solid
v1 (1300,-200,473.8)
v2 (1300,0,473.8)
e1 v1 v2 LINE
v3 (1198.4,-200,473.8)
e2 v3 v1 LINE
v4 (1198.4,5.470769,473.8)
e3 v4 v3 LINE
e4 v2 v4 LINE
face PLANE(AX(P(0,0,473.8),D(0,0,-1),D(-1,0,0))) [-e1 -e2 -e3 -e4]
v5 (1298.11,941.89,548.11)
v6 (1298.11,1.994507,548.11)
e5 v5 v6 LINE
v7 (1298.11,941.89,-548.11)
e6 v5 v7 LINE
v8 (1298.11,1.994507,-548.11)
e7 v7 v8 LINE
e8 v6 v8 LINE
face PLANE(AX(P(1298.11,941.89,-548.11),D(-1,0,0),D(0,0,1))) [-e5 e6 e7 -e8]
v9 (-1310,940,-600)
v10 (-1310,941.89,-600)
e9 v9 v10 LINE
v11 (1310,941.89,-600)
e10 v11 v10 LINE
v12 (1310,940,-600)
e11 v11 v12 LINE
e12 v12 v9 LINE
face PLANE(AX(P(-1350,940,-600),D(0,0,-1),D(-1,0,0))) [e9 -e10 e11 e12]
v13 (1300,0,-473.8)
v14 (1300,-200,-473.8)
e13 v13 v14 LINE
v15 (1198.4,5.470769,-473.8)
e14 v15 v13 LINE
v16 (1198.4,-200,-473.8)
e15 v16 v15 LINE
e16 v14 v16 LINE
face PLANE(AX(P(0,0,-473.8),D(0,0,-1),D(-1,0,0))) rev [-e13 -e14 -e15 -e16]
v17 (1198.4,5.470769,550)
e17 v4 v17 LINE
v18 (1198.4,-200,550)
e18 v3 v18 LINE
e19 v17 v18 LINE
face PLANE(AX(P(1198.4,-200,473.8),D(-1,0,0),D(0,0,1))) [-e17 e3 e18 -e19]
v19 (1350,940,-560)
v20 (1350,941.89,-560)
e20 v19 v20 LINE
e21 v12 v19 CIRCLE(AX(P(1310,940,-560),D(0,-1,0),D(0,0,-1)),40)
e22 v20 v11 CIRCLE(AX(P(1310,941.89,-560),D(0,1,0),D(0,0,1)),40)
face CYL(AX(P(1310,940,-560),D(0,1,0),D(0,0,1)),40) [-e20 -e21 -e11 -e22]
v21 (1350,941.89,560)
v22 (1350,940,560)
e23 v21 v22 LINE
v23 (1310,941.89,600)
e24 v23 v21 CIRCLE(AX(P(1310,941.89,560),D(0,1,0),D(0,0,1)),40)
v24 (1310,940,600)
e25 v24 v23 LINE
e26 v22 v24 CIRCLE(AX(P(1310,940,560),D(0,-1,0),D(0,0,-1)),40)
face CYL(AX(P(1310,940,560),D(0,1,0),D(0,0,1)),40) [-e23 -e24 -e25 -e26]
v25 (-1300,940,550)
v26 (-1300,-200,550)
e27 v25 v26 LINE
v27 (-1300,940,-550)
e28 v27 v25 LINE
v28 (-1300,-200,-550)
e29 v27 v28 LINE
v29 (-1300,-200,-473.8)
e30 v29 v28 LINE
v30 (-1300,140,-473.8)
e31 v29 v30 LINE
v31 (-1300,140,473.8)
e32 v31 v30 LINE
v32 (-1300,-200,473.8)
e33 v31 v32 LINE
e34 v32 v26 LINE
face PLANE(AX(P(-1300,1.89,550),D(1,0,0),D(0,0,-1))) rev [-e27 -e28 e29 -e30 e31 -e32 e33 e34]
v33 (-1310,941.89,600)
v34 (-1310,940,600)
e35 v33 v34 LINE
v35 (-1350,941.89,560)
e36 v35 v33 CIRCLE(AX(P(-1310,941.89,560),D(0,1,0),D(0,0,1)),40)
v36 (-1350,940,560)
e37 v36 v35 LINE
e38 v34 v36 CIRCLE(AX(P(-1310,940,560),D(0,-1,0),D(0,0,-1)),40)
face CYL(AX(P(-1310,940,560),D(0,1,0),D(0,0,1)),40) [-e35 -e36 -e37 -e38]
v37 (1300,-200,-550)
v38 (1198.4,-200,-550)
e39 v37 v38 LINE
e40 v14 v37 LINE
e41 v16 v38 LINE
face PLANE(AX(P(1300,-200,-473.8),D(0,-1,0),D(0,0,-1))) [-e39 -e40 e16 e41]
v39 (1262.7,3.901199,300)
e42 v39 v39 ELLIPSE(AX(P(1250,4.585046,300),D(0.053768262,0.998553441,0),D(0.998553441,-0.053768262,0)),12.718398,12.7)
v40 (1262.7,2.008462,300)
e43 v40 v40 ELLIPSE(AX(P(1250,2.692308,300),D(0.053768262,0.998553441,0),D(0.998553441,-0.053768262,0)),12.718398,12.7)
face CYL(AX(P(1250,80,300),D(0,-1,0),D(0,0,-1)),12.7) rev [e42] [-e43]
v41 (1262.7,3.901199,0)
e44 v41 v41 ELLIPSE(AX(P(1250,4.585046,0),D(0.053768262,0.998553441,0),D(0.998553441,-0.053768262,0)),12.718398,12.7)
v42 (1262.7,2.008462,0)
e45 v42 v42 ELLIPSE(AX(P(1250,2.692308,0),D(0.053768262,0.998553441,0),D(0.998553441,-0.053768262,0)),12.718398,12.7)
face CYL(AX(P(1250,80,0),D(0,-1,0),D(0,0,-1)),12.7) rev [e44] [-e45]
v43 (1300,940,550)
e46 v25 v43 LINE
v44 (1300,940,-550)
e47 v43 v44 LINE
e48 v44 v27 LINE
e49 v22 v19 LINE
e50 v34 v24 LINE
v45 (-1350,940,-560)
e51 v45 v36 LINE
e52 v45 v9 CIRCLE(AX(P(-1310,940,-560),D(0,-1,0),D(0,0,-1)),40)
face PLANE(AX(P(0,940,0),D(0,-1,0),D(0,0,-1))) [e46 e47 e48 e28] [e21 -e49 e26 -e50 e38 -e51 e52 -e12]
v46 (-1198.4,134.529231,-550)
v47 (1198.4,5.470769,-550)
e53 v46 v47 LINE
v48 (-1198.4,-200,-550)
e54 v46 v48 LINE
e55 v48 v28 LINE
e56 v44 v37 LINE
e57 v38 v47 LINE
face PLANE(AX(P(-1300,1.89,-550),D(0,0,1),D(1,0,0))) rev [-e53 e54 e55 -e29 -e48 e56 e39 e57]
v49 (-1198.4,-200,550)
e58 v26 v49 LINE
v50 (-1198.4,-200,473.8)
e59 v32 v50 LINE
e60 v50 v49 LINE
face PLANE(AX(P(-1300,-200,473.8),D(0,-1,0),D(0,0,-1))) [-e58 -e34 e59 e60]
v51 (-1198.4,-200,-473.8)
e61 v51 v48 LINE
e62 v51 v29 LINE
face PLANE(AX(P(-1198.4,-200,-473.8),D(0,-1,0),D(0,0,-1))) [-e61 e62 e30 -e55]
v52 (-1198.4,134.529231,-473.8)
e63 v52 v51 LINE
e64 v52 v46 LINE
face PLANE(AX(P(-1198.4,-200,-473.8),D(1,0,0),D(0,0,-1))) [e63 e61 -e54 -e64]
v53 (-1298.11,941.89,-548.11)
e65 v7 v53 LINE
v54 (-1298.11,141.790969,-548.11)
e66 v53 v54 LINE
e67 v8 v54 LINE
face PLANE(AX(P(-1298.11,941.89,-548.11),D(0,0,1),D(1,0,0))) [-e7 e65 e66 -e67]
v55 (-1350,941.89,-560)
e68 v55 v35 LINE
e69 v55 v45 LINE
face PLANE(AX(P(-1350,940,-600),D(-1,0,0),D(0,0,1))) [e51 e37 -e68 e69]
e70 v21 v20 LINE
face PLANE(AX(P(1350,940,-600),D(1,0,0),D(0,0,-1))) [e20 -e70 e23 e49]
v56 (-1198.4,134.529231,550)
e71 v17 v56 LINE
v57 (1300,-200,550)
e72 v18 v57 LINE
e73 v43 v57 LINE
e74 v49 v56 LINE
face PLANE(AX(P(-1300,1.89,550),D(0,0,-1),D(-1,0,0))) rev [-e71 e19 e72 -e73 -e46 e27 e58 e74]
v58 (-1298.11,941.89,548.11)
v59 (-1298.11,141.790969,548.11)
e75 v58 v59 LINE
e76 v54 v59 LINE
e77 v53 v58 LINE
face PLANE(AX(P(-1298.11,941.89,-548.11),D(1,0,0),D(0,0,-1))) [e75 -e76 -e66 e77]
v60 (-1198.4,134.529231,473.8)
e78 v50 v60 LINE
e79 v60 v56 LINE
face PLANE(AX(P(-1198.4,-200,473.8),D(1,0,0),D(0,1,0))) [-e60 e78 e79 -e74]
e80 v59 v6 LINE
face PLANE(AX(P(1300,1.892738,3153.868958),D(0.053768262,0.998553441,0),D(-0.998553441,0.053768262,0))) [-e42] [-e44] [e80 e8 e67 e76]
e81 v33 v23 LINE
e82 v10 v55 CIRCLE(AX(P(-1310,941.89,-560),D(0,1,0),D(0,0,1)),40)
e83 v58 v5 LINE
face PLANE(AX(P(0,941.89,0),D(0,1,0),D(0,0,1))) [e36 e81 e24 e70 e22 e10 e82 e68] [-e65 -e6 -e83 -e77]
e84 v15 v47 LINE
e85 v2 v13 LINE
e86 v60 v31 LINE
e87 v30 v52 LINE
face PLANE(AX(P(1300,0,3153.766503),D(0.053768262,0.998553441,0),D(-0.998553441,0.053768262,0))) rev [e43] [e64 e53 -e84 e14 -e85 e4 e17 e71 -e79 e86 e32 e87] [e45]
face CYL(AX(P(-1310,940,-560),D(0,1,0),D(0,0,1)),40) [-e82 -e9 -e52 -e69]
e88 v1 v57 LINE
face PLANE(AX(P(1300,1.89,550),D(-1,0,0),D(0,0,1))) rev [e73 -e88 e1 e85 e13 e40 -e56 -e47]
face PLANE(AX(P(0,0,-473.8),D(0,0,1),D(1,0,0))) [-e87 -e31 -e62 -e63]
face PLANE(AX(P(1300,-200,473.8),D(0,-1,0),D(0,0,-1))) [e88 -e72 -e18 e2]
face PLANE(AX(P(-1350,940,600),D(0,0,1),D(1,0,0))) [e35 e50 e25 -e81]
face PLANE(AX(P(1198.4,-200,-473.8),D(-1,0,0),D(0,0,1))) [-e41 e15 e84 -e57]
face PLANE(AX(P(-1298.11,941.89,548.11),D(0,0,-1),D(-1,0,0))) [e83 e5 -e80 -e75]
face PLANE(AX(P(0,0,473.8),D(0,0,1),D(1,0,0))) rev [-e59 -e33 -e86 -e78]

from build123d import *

# Parameters (mm, degrees)
CROQUIS2_W              = 2600
CROQUIS2_H              = 1100
SALIENTE_EXTRUIR1_DEPTH = 1.89
CROQUIS3_W              = 2600
CROQUIS3_H              = 1100
CROQUIS3_W_2            = 2596.22
CROQUIS3_H_2            = 1096.22
SALIENTE_EXTRUIR2_DEPTH = 940
CROQUIS4_W              = 2700
CROQUIS4_H              = 1200
CROQUIS4_W_2            = 2600
CROQUIS4_H_2            = 1100
SALIENTE_EXTRUIR3_DEPTH = 1.89
REDONDEO1_R             = 40
CORTAR_EXTRUIR2_REACH   = 2010.023
SALIENTE_EXTRUIR4_DEPTH = 1100
SALIENTE_EXTRUIR5_DEPTH = 76.2
SALIENTE_EXTRUIR6_DEPTH = 76.2
CROQUIS10_R             = 12.7
CORTAR_EXTRUIR3_DEPTH   = 280


with BuildPart() as part:
    # Croquis2 → Saliente-Extruir1 (new body)
    with BuildSketch(Plane(origin=(0, 0, 0), x_dir=(1, 0, 0), z_dir=(0, 1, 0))):
        Rectangle(CROQUIS2_W, CROQUIS2_H)
    extrude(amount=SALIENTE_EXTRUIR1_DEPTH)

    # Croquis3 → Saliente-Extruir2 (add)
    with BuildSketch(Plane(origin=(0, 1.89, 0), x_dir=(1, 0, 0), z_dir=(0, 1, 0))):
        Rectangle(CROQUIS3_W, CROQUIS3_H)
        Rectangle(CROQUIS3_W_2, CROQUIS3_H_2, mode=Mode.SUBTRACT)
    extrude(amount=SALIENTE_EXTRUIR2_DEPTH)

    # Croquis4 → Saliente-Extruir3 (add)
    with BuildSketch(Plane(origin=(0, 941.89, 0), x_dir=(1, 0, 0), z_dir=(0, 1, 0))):
        Rectangle(CROQUIS4_W, CROQUIS4_H)
        Rectangle(CROQUIS4_W_2, CROQUIS4_H_2, mode=Mode.SUBTRACT)
    extrude(amount=-SALIENTE_EXTRUIR3_DEPTH)

    # Redondeo1
    redondeo1_edges = [part.edges().sort_by_distance(p)[0] for p in [
        (-1350, 940.945, -600),
        (1350, 940.945, -600),
        (1350, 940.945, 600),
        (-1350, 940.945, 600),
    ]]
    fillet(redondeo1_edges, radius=REDONDEO1_R)

    # Cortar-Extruir2: up to this face of the body (flat: up to its plane)
    cortar_extruir2_end = Plane(part.part.faces().sort_by_distance((0, 470, 550))[0])
    # Croquis6 → Cortar-Extruir2 (cut, up to the picked face)
    with BuildSketch(Plane(origin=(0, 0, -550), x_dir=(-1, 0, 0), z_dir=(0, 0, -1)), mode=Mode.PRIVATE) as cortar_extruir2_sk1:
        Polygon((-1300, 0), (1300, 140), (1300, 0), align=None)
    cortar_extruir2_tool1 = split(extrude(cortar_extruir2_sk1.sketch, amount=-CORTAR_EXTRUIR2_REACH, mode=Mode.PRIVATE), bisect_by=cortar_extruir2_end, keep=Keep.BOTH, mode=Mode.PRIVATE)
    add(cortar_extruir2_tool1.solids().sort_by(Axis((-433.333333, 46.666667, -550), (0, 0, 1)))[0], mode=Mode.SUBTRACT)

    # Croquis7 → Saliente-Extruir4 (add)
    with BuildSketch(Plane(origin=(0, 0, -550), x_dir=(-1, 0, 0), z_dir=(0, 0, -1))):
        Polygon((-1300, 0), (1300, 140), (1300, 141.892737958), (-1300, 1.892737958), align=None)
    extrude(amount=-SALIENTE_EXTRUIR4_DEPTH)

    # Croquis8 → Saliente-Extruir5 (add)
    with BuildSketch(Plane(origin=(0, 0, -550), x_dir=(-1, 0, 0), z_dir=(0, 0, -1))):
        Polygon((-1300, 0), (-1300, -200), (-1198.4, -200), (-1198.4, 5.470769231), align=None)
        Polygon((1300, 140), (1300, -200), (1198.4, -200), (1198.4, 134.529230769), align=None)
    extrude(amount=-SALIENTE_EXTRUIR5_DEPTH)

    # Croquis9 → Saliente-Extruir6 (add)
    with BuildSketch(Plane.XY.offset(550)):
        Polygon((1300, 0), (1300, -200), (1198.4, -200), (1198.4, 5.470769231), align=None)
        Polygon((-1300, 140), (-1300, -200), (-1198.4, -200), (-1198.4, 134.529230769), align=None)
    extrude(amount=-SALIENTE_EXTRUIR6_DEPTH)

    # Croquis10 → Cortar-Extruir3 (cut)
    with BuildSketch(Plane.XZ.offset(200)):
        with Locations((1250, 0)):
            Circle(CROQUIS10_R)
        with Locations((1250, 300)):
            Circle(CROQUIS10_R)
    extrude(amount=-CORTAR_EXTRUIR3_DEPTH, mode=Mode.SUBTRACT)


solid = part.part
